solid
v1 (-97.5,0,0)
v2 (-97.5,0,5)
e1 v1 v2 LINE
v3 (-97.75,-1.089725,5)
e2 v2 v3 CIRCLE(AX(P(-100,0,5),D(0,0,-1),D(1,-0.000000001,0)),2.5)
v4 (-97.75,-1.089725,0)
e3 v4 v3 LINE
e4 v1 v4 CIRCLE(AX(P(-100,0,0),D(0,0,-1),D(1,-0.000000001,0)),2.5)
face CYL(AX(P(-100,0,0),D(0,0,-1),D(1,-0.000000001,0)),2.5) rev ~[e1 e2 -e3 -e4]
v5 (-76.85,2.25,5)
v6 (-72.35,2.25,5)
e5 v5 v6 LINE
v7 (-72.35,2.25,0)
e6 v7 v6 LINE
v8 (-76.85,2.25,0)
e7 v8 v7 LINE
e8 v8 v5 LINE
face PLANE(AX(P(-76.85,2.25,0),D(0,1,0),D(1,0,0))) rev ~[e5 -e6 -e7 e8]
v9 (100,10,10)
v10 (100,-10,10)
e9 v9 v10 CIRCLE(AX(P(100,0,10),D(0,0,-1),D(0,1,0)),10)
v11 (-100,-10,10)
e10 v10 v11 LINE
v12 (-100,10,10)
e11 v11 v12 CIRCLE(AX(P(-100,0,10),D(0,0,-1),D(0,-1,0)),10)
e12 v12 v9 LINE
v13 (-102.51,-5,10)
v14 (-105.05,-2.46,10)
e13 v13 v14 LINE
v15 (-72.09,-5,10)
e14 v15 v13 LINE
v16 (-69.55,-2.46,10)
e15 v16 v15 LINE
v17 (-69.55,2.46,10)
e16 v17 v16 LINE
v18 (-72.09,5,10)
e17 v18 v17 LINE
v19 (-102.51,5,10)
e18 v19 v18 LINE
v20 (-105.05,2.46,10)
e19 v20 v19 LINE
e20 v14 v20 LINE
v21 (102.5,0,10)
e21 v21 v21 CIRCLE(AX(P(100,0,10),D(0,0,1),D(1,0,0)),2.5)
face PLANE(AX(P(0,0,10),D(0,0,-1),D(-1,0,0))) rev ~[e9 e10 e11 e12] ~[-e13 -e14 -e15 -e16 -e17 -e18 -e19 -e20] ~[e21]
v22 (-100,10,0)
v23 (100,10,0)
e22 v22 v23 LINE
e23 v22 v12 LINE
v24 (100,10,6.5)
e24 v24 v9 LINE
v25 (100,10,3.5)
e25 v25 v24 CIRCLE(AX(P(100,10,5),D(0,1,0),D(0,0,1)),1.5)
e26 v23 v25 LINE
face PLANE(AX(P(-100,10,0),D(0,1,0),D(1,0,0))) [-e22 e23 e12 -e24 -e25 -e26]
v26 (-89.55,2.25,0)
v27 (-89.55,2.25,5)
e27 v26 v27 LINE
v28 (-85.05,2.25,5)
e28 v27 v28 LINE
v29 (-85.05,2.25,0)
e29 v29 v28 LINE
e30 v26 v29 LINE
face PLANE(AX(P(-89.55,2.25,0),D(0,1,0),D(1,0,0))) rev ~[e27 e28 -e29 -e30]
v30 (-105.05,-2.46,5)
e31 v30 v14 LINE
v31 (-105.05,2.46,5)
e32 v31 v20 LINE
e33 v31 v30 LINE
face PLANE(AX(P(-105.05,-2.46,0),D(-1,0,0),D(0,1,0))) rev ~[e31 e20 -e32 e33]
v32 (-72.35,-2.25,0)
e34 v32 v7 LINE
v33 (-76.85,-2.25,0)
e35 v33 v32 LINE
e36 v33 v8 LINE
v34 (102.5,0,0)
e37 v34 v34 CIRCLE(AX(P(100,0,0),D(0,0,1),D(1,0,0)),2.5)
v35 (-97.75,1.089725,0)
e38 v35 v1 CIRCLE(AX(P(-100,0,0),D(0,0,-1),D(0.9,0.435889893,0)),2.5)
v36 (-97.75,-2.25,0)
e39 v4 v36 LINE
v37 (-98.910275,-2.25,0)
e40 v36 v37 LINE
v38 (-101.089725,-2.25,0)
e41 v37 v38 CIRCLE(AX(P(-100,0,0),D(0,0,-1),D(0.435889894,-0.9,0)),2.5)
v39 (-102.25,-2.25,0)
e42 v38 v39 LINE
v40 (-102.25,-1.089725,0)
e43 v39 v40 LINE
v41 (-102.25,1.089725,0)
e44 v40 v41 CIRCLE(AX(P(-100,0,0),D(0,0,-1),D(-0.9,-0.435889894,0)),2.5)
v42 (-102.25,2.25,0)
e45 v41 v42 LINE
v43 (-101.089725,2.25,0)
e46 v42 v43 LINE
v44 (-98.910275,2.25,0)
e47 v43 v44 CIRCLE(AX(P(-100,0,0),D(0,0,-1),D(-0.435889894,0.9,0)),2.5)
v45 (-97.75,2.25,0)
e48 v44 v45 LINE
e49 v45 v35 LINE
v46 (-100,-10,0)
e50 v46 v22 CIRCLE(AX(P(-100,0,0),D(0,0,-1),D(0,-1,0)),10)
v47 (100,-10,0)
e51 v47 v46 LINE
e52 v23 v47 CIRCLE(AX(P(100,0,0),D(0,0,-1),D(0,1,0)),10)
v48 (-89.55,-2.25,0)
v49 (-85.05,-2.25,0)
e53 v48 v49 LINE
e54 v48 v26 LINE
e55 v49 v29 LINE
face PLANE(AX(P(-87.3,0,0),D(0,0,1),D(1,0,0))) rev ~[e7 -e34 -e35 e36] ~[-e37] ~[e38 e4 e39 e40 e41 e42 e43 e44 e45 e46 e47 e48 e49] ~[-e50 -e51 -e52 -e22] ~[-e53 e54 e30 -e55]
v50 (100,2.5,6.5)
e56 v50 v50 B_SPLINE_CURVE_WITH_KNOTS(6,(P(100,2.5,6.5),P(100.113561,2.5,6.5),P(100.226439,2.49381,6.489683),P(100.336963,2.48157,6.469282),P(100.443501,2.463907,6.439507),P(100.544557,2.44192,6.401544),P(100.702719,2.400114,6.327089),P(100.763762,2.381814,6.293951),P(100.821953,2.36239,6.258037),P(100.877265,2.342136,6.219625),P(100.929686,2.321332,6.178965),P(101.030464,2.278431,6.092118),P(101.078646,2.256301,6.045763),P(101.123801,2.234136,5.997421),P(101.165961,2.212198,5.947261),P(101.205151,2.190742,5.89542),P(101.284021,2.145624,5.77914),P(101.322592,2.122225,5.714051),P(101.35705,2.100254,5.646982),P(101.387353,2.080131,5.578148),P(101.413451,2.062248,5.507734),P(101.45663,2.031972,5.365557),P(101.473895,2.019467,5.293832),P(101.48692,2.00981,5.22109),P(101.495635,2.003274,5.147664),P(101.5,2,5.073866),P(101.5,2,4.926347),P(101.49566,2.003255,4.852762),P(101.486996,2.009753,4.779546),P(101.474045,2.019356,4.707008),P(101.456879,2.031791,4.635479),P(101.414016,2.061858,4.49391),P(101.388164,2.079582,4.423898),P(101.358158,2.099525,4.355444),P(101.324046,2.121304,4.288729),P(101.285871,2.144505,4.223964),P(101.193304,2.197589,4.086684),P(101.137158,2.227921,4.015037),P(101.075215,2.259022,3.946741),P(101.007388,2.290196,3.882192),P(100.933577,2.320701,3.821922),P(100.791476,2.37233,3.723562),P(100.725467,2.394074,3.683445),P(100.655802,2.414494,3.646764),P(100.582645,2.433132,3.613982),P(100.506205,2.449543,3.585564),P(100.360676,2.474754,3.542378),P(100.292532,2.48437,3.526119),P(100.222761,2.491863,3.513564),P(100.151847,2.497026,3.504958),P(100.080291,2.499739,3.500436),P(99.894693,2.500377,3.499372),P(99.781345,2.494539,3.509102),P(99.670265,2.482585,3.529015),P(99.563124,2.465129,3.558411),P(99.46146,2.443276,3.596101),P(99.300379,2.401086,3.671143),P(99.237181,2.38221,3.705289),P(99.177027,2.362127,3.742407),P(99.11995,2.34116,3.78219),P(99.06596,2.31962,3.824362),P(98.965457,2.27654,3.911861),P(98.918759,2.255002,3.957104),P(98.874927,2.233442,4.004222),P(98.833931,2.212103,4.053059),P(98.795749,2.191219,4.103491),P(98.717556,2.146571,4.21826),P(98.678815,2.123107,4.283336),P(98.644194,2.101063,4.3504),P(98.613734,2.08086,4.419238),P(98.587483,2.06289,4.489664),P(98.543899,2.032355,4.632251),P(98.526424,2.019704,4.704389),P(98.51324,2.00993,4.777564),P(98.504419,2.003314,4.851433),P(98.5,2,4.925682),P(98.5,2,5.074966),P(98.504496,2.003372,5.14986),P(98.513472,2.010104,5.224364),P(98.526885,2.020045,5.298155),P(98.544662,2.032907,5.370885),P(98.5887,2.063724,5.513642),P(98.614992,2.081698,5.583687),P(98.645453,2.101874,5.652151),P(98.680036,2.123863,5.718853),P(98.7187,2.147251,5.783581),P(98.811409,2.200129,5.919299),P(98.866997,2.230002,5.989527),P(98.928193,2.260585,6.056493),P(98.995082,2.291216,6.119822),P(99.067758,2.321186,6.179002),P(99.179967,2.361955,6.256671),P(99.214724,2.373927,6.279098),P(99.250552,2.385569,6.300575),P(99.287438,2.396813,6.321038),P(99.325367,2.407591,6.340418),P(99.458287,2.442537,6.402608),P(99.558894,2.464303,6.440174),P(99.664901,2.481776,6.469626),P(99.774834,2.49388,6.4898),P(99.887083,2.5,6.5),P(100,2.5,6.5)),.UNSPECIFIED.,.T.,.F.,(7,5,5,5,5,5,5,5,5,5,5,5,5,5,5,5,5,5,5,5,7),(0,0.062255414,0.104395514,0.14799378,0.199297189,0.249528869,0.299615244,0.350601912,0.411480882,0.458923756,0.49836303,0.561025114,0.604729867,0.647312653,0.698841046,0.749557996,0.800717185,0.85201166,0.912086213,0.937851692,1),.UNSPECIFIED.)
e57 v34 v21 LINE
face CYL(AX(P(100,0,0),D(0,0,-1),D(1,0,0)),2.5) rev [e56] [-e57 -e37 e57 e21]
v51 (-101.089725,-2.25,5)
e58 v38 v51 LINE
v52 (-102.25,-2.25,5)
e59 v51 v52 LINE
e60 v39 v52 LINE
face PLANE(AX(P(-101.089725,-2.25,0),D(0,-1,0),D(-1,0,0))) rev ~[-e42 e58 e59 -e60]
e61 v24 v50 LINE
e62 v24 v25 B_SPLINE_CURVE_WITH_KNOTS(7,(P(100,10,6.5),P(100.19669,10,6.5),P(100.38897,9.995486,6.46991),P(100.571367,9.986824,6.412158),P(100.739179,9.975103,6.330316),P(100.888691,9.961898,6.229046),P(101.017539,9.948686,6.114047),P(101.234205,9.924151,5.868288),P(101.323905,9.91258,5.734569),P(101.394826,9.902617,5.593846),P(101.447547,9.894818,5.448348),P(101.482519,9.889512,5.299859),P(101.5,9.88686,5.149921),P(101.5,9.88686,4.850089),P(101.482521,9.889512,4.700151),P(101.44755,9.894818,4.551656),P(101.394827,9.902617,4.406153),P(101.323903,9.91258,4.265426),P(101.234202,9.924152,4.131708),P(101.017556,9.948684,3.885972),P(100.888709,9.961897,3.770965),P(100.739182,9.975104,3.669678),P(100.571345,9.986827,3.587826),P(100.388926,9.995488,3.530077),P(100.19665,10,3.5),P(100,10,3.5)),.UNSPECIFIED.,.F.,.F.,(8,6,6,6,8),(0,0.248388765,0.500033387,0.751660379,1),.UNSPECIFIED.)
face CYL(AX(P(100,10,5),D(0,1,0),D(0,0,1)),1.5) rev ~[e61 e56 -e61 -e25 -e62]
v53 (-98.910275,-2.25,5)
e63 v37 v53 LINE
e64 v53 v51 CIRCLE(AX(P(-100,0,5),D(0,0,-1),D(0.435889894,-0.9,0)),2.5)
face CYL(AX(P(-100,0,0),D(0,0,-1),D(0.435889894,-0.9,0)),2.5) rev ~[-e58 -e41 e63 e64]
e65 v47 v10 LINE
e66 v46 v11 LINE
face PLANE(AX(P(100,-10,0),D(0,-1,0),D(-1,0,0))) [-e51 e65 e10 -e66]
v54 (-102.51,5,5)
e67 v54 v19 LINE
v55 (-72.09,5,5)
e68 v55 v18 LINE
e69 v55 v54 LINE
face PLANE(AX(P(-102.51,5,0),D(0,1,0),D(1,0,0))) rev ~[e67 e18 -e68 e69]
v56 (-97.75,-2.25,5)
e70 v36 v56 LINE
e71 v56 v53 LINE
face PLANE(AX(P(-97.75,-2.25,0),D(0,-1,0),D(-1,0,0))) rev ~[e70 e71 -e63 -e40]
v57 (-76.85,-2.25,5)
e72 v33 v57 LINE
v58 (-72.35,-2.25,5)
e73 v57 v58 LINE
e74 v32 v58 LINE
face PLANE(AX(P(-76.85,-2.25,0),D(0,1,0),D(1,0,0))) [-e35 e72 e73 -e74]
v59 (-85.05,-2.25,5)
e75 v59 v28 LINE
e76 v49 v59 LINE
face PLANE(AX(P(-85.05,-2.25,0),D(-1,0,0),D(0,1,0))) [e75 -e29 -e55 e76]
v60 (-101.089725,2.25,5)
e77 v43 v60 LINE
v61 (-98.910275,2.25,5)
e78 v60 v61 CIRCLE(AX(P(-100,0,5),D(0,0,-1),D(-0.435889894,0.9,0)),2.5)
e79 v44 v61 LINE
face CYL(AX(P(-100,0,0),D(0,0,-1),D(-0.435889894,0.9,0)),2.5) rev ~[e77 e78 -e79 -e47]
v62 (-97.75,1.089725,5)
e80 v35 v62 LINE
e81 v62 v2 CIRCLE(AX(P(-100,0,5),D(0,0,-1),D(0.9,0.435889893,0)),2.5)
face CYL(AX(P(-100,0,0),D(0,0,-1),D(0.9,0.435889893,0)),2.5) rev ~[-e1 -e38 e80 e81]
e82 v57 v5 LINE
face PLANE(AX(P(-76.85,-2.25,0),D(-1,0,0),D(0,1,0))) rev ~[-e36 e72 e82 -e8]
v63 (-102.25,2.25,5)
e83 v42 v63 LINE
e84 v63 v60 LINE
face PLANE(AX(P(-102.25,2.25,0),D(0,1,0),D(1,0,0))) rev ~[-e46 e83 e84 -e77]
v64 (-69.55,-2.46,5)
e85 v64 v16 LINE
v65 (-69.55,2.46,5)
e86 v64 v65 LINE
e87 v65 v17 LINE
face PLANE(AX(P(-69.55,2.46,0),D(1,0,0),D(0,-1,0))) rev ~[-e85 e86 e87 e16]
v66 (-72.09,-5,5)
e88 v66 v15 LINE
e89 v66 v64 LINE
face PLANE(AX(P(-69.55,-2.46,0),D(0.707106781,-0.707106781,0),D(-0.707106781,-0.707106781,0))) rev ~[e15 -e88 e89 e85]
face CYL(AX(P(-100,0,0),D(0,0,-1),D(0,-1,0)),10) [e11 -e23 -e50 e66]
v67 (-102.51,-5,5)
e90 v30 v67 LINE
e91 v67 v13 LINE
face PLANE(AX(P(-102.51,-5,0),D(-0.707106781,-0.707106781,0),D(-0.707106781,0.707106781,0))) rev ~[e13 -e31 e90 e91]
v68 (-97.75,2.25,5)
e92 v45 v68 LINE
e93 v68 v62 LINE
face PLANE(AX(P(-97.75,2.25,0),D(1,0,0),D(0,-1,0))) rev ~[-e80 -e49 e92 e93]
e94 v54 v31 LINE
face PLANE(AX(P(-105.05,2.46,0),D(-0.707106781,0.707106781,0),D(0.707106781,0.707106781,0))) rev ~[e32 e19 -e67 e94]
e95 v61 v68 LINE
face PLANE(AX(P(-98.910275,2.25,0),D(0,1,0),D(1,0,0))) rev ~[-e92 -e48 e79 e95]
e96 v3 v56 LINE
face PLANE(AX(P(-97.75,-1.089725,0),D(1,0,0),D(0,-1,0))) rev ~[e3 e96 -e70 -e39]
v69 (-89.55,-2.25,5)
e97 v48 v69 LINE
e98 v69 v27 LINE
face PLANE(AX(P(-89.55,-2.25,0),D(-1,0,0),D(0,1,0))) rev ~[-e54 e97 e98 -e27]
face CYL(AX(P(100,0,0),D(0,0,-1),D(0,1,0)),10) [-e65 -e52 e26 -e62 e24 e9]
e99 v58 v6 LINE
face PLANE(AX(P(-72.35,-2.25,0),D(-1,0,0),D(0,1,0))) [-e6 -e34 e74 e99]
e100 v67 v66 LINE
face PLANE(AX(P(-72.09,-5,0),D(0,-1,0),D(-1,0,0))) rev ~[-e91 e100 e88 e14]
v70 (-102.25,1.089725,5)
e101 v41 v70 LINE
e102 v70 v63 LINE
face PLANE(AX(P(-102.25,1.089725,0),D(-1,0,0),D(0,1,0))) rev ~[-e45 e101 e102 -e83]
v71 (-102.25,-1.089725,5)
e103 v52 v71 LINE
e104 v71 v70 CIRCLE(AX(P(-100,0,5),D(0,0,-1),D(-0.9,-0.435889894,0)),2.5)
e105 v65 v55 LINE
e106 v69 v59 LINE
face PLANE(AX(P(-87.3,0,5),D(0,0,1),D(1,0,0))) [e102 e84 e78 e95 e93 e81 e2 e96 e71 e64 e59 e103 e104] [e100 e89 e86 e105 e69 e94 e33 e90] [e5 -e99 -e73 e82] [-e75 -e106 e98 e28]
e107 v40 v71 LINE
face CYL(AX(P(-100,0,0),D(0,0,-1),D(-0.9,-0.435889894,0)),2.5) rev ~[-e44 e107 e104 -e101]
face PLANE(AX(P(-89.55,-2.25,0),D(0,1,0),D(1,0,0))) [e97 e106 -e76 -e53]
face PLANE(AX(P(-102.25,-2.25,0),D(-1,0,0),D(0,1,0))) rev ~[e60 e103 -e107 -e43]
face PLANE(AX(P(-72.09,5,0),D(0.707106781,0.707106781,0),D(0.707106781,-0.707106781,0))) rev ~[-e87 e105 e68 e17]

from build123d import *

# Parameters (mm, degrees)
SKETCH1_R               = 2.5
BOSS_EXTRUDE1_DEPTH     = 10
SKETCH1_4_W             = 4.5
SKETCH1_4_H             = 4.5
BOSS_EXTRUDE2_DEPTH     = 5
CUT_EXTRUDE1_REACH      = 114.25
CUT_EXTRUDE1_END_RADIUS = 2.5
SKETCH2_R               = 1.5


with BuildPart() as part:
    # Sketch1 → Boss-Extrude1 (new body)
    with BuildSketch(Plane.XY):
        with BuildLine():
            ThreePointArc((100, 10), (110, 0), (100, -10))
            Line((100, -10), (-100, -10))
            ThreePointArc((-100, -10), (-110, 0), (-100, 10))
            Line((-100, 10), (100, 10))
        make_face()
        with Locations((100, 0)):
            Circle(SKETCH1_R, mode=Mode.SUBTRACT)
        Polygon((-72.09, -5), (-102.51, -5), (-105.05, -2.46), (-105.05, 2.46), (-102.51, 5), (-72.09, 5), (-69.55, 2.46), (-69.55, -2.46), align=None, mode=Mode.SUBTRACT)
    extrude(amount=BOSS_EXTRUDE1_DEPTH)

    # Sketch1<4> → Boss-Extrude2 (add)
    with BuildSketch(Plane.XY):
        Polygon((-102.51, -5), (-72.09, -5), (-69.55, -2.46), (-69.55, 2.46), (-72.09, 5), (-102.51, 5), (-105.05, 2.46), (-105.05, -2.46), align=None)
        with BuildLine():
            Line((-98.910275264, 2.25), (-97.75, 2.25))
            Line((-97.75, 2.25), (-97.75, 1.089724736))
            ThreePointArc((-97.75, 1.089724736), (-97.563301414, 0.559016994), (-97.5, 0))
            ThreePointArc((-97.5, 0), (-97.563301414, -0.559016994), (-97.75, -1.089724736))
            Line((-97.75, -1.089724736), (-97.75, -2.25))
            Line((-97.75, -2.25), (-98.910275264, -2.25))
            ThreePointArc((-98.910275264, -2.25), (-100, -2.5), (-101.089724736, -2.25))
            Line((-101.089724736, -2.25), (-102.25, -2.25))
            Line((-102.25, -2.25), (-102.25, -1.089724736))
            ThreePointArc((-102.25, -1.089724736), (-102.5, 0), (-102.25, 1.089724736))
            Line((-102.25, 1.089724736), (-102.25, 2.25))
            Line((-102.25, 2.25), (-101.089724736, 2.25))
            ThreePointArc((-101.089724736, 2.25), (-100, 2.5), (-98.910275264, 2.25))
        make_face(mode=Mode.SUBTRACT)
        with Locations((-87.3, 0)):
            Rectangle(SKETCH1_4_W, SKETCH1_4_H, mode=Mode.SUBTRACT)
        with Locations((-74.6, 0)):
            Rectangle(SKETCH1_4_W, SKETCH1_4_H, mode=Mode.SUBTRACT)
    extrude(amount=BOSS_EXTRUDE2_DEPTH)

    # Cut-Extrude1: up to this cylinder (the profile starts outside it)
    cut_extrude1_end = Plane(origin=(100, 0, 5), z_dir=(0, 0, -1)) * Cylinder(CUT_EXTRUDE1_END_RADIUS, 234.5, mode=Mode.PRIVATE)
    # Sketch2 → Cut-Extrude1 (cut, up to the surface)
    with BuildSketch(Plane(origin=(0, 10, 0), x_dir=(1, 0, 0), z_dir=(0, 1, 0)), mode=Mode.PRIVATE) as cut_extrude1_sk1:
        with Locations(Location((100, -5, 0), (0, 0, 270))):
            Circle(SKETCH2_R)
    cut_extrude1_tool1 = extrude(cut_extrude1_sk1.sketch, amount=-CUT_EXTRUDE1_REACH, mode=Mode.PRIVATE) - cut_extrude1_end
    add(cut_extrude1_tool1.solids().sort_by_distance((100, 10, 5))[0], mode=Mode.SUBTRACT)


solid = part.part
